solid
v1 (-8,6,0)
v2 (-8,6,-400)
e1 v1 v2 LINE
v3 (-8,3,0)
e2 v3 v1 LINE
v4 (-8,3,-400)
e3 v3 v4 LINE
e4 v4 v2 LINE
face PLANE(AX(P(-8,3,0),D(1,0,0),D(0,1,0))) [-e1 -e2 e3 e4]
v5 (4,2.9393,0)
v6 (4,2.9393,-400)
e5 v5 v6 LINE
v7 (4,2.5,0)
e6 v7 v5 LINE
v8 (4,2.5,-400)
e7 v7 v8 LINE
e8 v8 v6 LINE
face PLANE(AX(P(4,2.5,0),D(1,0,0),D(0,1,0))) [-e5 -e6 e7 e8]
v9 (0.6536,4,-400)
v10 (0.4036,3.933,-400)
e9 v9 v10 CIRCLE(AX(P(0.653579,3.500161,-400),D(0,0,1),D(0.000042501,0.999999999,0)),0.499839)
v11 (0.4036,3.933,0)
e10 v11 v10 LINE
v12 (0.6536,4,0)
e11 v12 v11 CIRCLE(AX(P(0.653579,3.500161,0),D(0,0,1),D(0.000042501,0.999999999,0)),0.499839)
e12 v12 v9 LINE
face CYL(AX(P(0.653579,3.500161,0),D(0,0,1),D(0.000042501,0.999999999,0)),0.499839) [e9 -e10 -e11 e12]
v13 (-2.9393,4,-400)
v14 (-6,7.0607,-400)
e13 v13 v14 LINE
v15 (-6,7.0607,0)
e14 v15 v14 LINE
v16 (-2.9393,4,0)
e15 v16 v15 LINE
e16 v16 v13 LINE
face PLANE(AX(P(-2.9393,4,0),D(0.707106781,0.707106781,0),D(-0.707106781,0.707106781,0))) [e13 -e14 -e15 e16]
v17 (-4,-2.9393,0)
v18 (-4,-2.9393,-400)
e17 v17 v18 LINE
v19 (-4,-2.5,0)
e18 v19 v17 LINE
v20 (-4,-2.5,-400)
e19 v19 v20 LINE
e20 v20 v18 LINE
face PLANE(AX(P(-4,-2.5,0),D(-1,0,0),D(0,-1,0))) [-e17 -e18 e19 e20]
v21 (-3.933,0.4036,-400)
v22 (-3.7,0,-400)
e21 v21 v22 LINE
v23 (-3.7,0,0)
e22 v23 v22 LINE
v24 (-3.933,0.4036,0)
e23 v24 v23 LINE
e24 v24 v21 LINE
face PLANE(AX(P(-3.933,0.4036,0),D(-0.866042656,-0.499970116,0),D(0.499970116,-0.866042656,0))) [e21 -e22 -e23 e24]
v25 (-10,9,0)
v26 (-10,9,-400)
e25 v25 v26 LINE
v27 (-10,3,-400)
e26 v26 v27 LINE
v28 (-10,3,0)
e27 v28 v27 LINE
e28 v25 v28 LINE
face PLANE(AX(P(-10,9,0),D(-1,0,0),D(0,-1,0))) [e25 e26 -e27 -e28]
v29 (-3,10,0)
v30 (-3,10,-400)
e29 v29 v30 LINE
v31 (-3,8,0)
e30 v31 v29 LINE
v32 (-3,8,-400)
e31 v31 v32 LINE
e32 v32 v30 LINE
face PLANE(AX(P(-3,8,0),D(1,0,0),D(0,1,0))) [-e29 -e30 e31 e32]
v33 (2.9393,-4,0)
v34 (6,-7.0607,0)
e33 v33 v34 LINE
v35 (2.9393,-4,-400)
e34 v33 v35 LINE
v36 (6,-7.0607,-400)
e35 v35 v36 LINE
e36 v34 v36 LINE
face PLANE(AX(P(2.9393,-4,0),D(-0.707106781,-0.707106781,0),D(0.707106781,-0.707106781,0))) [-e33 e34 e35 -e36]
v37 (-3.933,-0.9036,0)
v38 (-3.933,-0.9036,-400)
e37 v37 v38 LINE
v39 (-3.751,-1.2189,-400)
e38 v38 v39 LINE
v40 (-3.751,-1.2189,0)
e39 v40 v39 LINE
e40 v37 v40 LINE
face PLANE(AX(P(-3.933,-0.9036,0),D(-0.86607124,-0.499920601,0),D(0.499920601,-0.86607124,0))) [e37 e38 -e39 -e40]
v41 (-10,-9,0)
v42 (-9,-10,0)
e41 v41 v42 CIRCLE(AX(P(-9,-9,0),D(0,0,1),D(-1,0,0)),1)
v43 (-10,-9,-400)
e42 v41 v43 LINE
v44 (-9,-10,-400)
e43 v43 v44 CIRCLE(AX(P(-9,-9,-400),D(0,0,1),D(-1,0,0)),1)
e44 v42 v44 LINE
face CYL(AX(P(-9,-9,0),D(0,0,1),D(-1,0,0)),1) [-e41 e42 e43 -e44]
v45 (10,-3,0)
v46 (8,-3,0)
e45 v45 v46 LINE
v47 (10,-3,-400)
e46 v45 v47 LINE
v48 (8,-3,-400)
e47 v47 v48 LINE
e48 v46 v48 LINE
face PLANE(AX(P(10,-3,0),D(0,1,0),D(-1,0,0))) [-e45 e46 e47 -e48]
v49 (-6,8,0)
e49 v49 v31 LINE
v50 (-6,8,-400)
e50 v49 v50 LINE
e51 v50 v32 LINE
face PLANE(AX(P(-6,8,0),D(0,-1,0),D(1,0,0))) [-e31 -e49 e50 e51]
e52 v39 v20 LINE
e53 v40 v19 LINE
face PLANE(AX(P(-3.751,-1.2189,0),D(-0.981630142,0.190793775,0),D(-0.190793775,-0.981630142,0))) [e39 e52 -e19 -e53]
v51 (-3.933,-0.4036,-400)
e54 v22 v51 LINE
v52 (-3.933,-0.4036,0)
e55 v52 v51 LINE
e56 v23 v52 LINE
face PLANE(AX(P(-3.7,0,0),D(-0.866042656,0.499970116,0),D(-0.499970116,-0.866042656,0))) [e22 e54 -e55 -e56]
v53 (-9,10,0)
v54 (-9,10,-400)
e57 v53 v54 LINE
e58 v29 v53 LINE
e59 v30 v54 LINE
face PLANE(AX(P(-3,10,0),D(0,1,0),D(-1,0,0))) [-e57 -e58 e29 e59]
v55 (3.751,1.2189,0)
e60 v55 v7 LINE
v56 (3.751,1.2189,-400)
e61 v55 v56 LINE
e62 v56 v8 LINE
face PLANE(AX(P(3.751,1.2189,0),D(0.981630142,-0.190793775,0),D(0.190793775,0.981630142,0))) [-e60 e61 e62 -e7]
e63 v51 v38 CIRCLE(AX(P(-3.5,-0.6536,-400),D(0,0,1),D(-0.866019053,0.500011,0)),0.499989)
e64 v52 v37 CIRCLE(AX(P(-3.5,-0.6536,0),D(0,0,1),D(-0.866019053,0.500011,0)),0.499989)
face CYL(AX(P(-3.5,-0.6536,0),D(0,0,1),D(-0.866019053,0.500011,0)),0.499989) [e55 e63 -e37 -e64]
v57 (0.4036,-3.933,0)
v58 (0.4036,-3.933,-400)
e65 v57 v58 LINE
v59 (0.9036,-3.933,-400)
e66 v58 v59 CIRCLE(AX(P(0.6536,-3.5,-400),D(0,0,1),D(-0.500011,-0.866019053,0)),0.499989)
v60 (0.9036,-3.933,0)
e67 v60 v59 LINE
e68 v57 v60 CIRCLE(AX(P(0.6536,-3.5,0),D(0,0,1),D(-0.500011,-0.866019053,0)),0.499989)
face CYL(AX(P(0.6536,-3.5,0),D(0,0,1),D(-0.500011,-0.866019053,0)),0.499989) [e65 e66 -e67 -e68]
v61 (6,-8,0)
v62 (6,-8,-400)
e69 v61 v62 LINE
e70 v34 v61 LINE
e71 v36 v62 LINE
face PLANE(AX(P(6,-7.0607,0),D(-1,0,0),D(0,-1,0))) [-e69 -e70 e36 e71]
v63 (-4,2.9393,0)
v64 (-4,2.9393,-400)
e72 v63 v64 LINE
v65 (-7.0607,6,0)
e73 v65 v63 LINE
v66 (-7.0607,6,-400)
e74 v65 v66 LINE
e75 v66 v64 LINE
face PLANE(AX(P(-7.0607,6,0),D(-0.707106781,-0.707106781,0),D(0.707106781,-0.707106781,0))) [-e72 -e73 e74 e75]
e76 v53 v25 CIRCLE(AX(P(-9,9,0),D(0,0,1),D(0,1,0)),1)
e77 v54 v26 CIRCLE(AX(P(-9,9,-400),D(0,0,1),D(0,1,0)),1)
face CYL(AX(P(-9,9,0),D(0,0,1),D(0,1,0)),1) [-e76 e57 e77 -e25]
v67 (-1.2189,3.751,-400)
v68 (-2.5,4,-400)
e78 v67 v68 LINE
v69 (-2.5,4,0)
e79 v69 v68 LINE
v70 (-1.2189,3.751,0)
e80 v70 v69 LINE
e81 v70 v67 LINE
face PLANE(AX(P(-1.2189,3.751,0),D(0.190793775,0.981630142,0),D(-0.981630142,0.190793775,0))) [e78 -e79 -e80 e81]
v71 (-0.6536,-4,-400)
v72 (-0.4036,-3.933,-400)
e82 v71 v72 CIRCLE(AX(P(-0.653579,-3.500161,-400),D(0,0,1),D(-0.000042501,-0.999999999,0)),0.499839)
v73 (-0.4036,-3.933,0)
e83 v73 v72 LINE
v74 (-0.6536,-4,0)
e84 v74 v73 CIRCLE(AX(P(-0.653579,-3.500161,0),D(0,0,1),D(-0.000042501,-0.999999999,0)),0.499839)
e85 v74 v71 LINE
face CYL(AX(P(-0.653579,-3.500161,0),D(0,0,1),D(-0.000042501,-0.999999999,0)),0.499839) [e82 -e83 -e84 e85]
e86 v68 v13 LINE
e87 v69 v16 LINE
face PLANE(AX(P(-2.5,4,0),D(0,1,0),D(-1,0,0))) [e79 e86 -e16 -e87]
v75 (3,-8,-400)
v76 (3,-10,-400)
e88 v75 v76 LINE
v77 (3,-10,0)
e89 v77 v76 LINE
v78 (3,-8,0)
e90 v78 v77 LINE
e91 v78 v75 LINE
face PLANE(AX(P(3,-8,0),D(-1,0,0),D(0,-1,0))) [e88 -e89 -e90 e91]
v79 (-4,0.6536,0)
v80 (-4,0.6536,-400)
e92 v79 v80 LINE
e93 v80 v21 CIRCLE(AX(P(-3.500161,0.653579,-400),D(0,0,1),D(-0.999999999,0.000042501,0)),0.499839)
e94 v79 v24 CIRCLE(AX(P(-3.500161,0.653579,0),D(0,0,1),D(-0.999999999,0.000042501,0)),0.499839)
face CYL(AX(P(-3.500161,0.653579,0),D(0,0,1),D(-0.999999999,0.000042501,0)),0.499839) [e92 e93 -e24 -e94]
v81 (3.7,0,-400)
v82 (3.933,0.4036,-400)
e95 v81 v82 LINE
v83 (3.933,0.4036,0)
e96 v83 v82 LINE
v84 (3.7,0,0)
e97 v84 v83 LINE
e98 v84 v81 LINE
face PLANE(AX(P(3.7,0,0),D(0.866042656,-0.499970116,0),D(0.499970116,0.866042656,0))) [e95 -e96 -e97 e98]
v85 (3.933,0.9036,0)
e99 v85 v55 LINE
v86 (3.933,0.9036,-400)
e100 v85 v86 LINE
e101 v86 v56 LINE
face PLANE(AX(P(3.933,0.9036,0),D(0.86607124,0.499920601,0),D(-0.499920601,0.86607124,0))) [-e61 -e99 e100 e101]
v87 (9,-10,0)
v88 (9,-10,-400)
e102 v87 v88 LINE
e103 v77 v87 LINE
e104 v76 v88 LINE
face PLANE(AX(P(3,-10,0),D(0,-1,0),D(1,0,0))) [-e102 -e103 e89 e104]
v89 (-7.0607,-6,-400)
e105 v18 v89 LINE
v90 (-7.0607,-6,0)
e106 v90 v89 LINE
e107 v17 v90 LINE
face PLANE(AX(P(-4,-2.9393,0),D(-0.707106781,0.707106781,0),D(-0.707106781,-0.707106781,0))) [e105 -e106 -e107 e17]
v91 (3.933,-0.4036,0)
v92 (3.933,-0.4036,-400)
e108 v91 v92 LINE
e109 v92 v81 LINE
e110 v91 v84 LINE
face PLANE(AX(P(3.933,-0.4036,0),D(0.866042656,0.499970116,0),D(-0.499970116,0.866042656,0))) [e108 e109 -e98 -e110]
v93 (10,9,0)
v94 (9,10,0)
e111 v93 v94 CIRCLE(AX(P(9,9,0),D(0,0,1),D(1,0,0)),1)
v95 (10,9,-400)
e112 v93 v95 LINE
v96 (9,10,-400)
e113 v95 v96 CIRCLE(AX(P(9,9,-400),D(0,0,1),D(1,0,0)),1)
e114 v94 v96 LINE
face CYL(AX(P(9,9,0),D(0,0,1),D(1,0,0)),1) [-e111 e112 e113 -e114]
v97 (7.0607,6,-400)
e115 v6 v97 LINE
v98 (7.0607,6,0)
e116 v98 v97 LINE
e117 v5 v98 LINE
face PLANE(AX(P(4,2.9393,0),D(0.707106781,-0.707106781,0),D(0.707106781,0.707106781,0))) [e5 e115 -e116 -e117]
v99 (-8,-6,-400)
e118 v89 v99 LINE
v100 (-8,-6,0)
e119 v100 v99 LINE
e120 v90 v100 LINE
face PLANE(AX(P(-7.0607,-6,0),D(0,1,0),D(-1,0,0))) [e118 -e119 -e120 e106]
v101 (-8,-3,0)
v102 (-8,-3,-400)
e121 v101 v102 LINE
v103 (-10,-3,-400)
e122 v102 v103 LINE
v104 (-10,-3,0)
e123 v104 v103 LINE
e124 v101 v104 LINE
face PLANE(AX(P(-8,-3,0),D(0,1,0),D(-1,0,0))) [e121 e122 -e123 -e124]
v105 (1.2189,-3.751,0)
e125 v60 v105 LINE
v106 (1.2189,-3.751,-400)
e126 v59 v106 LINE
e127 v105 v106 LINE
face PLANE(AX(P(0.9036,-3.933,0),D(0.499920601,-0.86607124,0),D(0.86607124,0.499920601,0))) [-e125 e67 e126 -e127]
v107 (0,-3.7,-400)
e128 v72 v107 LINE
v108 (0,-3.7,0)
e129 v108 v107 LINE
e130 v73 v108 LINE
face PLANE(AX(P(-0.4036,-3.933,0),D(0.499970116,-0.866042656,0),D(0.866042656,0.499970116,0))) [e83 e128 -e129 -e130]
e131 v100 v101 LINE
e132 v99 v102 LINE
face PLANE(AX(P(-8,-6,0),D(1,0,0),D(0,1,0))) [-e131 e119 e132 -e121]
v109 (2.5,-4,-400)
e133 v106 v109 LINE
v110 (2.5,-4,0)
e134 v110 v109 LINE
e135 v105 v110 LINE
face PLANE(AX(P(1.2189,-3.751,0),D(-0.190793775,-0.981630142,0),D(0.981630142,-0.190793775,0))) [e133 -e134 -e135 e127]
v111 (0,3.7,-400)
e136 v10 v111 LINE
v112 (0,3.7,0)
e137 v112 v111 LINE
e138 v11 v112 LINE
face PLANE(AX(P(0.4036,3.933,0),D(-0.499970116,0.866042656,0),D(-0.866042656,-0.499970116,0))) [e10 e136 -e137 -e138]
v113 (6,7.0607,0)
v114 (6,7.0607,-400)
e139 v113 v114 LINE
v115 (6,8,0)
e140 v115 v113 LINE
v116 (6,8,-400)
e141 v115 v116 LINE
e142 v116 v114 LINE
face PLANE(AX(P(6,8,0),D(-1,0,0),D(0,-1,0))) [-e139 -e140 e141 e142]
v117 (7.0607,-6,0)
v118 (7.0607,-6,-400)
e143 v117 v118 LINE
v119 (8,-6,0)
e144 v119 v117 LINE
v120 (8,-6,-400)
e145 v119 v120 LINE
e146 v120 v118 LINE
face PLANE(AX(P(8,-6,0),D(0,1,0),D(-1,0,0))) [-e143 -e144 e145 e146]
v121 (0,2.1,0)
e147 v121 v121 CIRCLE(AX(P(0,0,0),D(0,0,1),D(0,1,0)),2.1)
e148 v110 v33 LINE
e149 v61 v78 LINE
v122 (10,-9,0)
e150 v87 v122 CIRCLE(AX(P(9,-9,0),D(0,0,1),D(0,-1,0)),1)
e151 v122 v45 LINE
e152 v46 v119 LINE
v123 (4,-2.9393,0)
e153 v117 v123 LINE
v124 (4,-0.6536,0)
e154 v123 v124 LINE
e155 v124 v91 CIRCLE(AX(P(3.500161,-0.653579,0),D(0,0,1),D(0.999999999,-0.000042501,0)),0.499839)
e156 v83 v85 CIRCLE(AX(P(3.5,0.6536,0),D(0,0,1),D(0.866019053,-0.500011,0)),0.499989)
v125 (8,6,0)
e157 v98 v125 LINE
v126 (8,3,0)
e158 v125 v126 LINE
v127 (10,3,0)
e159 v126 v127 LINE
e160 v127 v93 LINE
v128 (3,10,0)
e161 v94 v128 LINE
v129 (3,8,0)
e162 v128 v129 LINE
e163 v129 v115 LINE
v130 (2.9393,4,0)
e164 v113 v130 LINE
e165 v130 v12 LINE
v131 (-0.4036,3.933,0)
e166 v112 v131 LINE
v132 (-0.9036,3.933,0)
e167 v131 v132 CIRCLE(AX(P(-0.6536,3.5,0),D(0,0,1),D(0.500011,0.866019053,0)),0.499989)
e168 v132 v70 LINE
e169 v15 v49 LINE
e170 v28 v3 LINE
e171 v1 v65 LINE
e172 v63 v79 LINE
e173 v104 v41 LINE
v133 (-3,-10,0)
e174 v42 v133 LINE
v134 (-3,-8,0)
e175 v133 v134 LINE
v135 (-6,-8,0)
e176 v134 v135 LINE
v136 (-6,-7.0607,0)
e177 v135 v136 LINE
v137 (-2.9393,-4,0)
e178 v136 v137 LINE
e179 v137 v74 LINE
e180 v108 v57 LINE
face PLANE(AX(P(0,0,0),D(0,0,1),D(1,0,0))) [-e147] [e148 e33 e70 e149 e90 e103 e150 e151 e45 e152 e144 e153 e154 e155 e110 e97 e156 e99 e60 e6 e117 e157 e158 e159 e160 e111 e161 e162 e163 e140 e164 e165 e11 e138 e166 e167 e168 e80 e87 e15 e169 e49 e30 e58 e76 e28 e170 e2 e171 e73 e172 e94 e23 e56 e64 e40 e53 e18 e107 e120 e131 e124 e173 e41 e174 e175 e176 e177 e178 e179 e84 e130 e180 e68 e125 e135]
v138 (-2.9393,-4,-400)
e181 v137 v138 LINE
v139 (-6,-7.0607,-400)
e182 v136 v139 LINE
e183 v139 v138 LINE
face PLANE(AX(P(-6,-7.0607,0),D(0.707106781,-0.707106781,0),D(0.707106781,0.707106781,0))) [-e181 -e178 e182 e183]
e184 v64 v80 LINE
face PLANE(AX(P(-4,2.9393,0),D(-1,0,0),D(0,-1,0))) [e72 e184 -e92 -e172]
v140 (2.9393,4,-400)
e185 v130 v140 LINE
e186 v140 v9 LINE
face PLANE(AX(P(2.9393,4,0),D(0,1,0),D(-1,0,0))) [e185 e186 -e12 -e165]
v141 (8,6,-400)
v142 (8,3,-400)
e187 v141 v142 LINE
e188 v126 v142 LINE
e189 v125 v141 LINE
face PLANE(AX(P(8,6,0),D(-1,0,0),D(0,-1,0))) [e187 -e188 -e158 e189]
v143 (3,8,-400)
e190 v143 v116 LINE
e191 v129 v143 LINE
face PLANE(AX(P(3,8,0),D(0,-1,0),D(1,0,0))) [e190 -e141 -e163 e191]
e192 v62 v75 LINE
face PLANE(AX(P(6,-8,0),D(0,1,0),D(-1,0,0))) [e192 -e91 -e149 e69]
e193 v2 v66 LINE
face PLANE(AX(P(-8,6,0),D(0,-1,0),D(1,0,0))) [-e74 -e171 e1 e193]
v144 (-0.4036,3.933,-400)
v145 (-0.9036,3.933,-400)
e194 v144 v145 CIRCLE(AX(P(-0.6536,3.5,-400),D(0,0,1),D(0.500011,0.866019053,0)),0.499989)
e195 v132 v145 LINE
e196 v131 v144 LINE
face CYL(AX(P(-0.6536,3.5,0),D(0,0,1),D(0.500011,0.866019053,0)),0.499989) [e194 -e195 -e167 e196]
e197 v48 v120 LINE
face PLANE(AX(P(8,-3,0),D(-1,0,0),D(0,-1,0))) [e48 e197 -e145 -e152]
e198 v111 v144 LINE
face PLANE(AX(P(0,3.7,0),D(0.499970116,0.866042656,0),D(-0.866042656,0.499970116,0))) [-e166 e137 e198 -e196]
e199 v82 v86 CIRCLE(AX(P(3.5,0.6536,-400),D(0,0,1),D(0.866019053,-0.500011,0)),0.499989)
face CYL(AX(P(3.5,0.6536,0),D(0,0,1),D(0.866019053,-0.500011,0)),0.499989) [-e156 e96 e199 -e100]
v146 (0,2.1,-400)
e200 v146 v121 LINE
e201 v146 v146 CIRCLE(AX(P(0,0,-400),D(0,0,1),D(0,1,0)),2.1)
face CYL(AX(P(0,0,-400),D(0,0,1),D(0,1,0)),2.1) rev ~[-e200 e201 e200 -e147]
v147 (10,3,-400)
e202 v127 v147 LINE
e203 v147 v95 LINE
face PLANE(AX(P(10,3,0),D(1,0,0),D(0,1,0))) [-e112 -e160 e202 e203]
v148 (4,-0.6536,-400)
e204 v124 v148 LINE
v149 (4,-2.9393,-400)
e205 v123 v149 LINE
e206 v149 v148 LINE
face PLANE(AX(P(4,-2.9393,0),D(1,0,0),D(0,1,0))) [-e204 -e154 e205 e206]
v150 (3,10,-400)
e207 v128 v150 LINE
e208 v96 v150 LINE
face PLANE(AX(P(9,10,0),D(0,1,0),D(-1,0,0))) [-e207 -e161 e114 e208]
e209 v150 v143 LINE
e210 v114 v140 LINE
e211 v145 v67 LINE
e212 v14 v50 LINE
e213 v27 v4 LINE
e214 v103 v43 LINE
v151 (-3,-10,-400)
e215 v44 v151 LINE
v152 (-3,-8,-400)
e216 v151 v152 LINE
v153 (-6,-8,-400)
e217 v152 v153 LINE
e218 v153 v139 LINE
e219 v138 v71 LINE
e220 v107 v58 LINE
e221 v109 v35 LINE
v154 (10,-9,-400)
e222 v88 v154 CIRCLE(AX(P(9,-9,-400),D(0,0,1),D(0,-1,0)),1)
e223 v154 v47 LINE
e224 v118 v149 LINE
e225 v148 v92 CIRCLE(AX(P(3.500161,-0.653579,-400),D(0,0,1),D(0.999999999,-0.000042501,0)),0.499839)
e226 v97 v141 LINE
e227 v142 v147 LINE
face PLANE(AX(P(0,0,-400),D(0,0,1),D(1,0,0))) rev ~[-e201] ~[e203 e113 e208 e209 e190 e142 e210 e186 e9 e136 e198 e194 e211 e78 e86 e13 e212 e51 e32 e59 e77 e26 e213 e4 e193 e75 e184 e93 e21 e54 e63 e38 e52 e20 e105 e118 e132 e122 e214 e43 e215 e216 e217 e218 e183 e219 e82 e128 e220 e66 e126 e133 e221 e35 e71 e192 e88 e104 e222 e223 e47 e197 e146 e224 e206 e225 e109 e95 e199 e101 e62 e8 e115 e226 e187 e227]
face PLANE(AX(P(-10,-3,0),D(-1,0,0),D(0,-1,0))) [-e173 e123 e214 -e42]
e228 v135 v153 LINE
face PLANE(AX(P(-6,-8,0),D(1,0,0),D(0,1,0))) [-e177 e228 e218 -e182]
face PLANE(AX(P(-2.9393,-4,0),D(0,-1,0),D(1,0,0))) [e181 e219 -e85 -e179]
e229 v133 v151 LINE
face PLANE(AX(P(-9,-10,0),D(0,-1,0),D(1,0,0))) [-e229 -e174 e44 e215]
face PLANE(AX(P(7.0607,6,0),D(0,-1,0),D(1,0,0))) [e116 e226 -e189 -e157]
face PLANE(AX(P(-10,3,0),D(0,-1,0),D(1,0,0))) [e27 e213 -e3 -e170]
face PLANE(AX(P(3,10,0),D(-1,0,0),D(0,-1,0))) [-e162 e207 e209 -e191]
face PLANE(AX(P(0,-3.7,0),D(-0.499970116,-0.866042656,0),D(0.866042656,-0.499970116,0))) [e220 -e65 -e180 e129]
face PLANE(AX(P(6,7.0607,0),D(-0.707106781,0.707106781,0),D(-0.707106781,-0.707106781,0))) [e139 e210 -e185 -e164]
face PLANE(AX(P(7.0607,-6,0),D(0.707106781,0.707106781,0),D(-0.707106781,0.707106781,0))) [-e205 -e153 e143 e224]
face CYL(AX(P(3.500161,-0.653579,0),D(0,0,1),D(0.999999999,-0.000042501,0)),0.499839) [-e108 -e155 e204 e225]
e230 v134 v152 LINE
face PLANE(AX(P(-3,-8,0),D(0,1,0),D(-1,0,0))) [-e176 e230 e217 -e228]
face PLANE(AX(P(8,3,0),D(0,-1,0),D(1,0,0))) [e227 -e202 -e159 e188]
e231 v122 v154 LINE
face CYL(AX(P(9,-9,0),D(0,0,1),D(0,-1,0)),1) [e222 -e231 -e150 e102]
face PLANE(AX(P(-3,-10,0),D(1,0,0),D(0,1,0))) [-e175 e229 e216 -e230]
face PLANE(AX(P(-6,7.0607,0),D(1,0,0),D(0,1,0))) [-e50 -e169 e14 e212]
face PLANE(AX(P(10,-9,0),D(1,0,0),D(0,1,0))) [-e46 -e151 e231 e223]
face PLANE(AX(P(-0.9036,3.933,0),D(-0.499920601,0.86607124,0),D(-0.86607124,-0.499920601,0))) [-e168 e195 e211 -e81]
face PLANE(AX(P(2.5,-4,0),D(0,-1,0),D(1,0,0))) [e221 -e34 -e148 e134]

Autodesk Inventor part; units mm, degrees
ref_plane "YZ Plane" through (0, 0, 0) normal (1, 0, 0) x (0, 1, 0)
ref_plane "XZ Plane" through (0, 0, 0) normal (0, 1, 0) x (-1, 0, 0)
ref_plane "XY Plane" through (0, 0, 0) normal (0, 0, 1) x (1, 0, 0)
sketch "_____4" plane through (0, 0, 0) normal (0, 0, 1) x (1, 0, 0)
  line L0 (-10, -3) -> (-10, -9)
  arc A0 (-10, -9) -> (-9, -10) centre (-9, -9) ccw
  line L1 (-9, -10) -> (-3, -10)
  line L2 (-3, -10) -> (-3, -8)
  line L3 (-3, -8) -> (-6, -8)
  line L4 (-6, -8) -> (-6, -7.0607)
  line L5 (-6, -7.0607) -> (-2.9393, -4)
  line L6 (-2.9393, -4) -> (-0.6536, -4)
  arc A1 (-0.6536, -4) -> (-0.4036, -3.933) centre (-0.6536, -3.5) ccw
  line L7 (-0.4036, -3.933) -> (0, -3.7)
  line L8 (0, -3.7) -> (0.4036, -3.933)
  arc A2 (0.4036, -3.933) -> (0.9036, -3.933) centre (0.6536, -3.5) ccw
  line L9 (0.9036, -3.933) -> (1.2189, -3.751)
  line L10 (1.2189, -3.751) -> (2.5, -4)
  line L11 (2.5, -4) -> (2.9393, -4)
  line L12 (2.9393, -4) -> (6, -7.0607)
  line L13 (6, -7.0607) -> (6, -8)
  line L14 (6, -8) -> (3, -8)
  line L15 (3, -8) -> (3, -10)
  line L16 (3, -10) -> (9, -10)
  arc A3 (9, -10) -> (10, -9) centre (9, -9) ccw
  line L17 (10, -9) -> (10, -3)
  line L18 (10, -3) -> (8, -3)
  line L19 (8, -3) -> (8, -6)
  line L20 (8, -6) -> (7.0607, -6)
  line L21 (7.0607, -6) -> (4, -2.9393)
  line L22 (4, -2.9393) -> (4, -0.6536)
  arc A4 (4, -0.6536) -> (3.933, -0.4036) centre (3.5, -0.6536) ccw
  line L23 (3.933, -0.4036) -> (3.7, 0)
  line L24 (3.7, 0) -> (3.933, 0.4036)
  arc A5 (3.933, 0.4036) -> (3.933, 0.9036) centre (3.5, 0.6536) ccw
  line L25 (3.933, 0.9036) -> (3.751, 1.2189)
  line L26 (3.751, 1.2189) -> (4, 2.5)
  line L27 (4, 2.5) -> (4, 2.9393)
  line L28 (4, 2.9393) -> (7.0607, 6)
  line L29 (7.0607, 6) -> (8, 6)
  line L30 (8, 6) -> (8, 3)
  line L31 (8, 3) -> (10, 3)
  line L32 (10, 3) -> (10, 9)
  arc A6 (10, 9) -> (9, 10) centre (9, 9) ccw
  line L33 (9, 10) -> (3, 10)
  line L34 (3, 10) -> (3, 8)
  line L35 (3, 8) -> (6, 8)
  line L36 (6, 8) -> (6, 7.0607)
  line L37 (6, 7.0607) -> (2.9393, 4)
  line L38 (2.9393, 4) -> (0.6536, 4)
  arc A7 (0.6536, 4) -> (0.4036, 3.933) centre (0.6536, 3.5) ccw
  line L39 (0.4036, 3.933) -> (0, 3.7)
  line L40 (0, 3.7) -> (-0.4036, 3.933)
  arc A8 (-0.4036, 3.933) -> (-0.9036, 3.933) centre (-0.6536, 3.5) ccw
  line L41 (-0.9036, 3.933) -> (-1.2189, 3.751)
  line L42 (-1.2189, 3.751) -> (-2.5, 4)
  line L43 (-2.5, 4) -> (-2.9393, 4)
  line L44 (-2.9393, 4) -> (-6, 7.0607)
  line L45 (-6, 7.0607) -> (-6, 8)
  line L46 (-6, 8) -> (-3, 8)
  line L47 (-3, 8) -> (-3, 10)
  line L48 (-3, 10) -> (-9, 10)
  arc A9 (-9, 10) -> (-10, 9) centre (-9, 9) ccw
  line L49 (-10, 9) -> (-10, 3)
  line L50 (-10, 3) -> (-8, 3)
  line L51 (-8, 3) -> (-8, 6)
  line L52 (-8, 6) -> (-7.0607, 6)
  line L53 (-7.0607, 6) -> (-4, 2.9393)
  line L54 (-4, 2.9393) -> (-4, 0.6536)
  arc A10 (-4, 0.6536) -> (-3.933, 0.4036) centre (-3.5, 0.6536) ccw
  line L55 (-3.933, 0.4036) -> (-3.7, 0)
  line L56 (-3.7, 0) -> (-3.933, -0.4036)
  arc A11 (-3.933, -0.4036) -> (-3.933, -0.9036) centre (-3.5, -0.6536) ccw
  line L57 (-3.933, -0.9036) -> (-3.751, -1.2189)
  line L58 (-3.751, -1.2189) -> (-4, -2.5)
  line L59 (-4, -2.5) -> (-4, -2.9393)
  line L60 (-4, -2.9393) -> (-7.0607, -6)
  line L61 (-7.0607, -6) -> (-8, -6)
  line L62 (-8, -6) -> (-8, -3)
  line L63 (-8, -3) -> (-10, -3)
extrude "Extrusion1" add sketch "_____4" against normal blind 400
sketch "Sketch2" plane through (0, 0, -400) normal (0, 0, -1) x (-1, 0, 0)
  point P0 (0, 0)
hole "Hole1" at (0, 0, -400) direction (0, 0, 1) diameter 4.2 depth 4000
properties part number "KNFS5-2020-2" material "アルミニウム 6061"
